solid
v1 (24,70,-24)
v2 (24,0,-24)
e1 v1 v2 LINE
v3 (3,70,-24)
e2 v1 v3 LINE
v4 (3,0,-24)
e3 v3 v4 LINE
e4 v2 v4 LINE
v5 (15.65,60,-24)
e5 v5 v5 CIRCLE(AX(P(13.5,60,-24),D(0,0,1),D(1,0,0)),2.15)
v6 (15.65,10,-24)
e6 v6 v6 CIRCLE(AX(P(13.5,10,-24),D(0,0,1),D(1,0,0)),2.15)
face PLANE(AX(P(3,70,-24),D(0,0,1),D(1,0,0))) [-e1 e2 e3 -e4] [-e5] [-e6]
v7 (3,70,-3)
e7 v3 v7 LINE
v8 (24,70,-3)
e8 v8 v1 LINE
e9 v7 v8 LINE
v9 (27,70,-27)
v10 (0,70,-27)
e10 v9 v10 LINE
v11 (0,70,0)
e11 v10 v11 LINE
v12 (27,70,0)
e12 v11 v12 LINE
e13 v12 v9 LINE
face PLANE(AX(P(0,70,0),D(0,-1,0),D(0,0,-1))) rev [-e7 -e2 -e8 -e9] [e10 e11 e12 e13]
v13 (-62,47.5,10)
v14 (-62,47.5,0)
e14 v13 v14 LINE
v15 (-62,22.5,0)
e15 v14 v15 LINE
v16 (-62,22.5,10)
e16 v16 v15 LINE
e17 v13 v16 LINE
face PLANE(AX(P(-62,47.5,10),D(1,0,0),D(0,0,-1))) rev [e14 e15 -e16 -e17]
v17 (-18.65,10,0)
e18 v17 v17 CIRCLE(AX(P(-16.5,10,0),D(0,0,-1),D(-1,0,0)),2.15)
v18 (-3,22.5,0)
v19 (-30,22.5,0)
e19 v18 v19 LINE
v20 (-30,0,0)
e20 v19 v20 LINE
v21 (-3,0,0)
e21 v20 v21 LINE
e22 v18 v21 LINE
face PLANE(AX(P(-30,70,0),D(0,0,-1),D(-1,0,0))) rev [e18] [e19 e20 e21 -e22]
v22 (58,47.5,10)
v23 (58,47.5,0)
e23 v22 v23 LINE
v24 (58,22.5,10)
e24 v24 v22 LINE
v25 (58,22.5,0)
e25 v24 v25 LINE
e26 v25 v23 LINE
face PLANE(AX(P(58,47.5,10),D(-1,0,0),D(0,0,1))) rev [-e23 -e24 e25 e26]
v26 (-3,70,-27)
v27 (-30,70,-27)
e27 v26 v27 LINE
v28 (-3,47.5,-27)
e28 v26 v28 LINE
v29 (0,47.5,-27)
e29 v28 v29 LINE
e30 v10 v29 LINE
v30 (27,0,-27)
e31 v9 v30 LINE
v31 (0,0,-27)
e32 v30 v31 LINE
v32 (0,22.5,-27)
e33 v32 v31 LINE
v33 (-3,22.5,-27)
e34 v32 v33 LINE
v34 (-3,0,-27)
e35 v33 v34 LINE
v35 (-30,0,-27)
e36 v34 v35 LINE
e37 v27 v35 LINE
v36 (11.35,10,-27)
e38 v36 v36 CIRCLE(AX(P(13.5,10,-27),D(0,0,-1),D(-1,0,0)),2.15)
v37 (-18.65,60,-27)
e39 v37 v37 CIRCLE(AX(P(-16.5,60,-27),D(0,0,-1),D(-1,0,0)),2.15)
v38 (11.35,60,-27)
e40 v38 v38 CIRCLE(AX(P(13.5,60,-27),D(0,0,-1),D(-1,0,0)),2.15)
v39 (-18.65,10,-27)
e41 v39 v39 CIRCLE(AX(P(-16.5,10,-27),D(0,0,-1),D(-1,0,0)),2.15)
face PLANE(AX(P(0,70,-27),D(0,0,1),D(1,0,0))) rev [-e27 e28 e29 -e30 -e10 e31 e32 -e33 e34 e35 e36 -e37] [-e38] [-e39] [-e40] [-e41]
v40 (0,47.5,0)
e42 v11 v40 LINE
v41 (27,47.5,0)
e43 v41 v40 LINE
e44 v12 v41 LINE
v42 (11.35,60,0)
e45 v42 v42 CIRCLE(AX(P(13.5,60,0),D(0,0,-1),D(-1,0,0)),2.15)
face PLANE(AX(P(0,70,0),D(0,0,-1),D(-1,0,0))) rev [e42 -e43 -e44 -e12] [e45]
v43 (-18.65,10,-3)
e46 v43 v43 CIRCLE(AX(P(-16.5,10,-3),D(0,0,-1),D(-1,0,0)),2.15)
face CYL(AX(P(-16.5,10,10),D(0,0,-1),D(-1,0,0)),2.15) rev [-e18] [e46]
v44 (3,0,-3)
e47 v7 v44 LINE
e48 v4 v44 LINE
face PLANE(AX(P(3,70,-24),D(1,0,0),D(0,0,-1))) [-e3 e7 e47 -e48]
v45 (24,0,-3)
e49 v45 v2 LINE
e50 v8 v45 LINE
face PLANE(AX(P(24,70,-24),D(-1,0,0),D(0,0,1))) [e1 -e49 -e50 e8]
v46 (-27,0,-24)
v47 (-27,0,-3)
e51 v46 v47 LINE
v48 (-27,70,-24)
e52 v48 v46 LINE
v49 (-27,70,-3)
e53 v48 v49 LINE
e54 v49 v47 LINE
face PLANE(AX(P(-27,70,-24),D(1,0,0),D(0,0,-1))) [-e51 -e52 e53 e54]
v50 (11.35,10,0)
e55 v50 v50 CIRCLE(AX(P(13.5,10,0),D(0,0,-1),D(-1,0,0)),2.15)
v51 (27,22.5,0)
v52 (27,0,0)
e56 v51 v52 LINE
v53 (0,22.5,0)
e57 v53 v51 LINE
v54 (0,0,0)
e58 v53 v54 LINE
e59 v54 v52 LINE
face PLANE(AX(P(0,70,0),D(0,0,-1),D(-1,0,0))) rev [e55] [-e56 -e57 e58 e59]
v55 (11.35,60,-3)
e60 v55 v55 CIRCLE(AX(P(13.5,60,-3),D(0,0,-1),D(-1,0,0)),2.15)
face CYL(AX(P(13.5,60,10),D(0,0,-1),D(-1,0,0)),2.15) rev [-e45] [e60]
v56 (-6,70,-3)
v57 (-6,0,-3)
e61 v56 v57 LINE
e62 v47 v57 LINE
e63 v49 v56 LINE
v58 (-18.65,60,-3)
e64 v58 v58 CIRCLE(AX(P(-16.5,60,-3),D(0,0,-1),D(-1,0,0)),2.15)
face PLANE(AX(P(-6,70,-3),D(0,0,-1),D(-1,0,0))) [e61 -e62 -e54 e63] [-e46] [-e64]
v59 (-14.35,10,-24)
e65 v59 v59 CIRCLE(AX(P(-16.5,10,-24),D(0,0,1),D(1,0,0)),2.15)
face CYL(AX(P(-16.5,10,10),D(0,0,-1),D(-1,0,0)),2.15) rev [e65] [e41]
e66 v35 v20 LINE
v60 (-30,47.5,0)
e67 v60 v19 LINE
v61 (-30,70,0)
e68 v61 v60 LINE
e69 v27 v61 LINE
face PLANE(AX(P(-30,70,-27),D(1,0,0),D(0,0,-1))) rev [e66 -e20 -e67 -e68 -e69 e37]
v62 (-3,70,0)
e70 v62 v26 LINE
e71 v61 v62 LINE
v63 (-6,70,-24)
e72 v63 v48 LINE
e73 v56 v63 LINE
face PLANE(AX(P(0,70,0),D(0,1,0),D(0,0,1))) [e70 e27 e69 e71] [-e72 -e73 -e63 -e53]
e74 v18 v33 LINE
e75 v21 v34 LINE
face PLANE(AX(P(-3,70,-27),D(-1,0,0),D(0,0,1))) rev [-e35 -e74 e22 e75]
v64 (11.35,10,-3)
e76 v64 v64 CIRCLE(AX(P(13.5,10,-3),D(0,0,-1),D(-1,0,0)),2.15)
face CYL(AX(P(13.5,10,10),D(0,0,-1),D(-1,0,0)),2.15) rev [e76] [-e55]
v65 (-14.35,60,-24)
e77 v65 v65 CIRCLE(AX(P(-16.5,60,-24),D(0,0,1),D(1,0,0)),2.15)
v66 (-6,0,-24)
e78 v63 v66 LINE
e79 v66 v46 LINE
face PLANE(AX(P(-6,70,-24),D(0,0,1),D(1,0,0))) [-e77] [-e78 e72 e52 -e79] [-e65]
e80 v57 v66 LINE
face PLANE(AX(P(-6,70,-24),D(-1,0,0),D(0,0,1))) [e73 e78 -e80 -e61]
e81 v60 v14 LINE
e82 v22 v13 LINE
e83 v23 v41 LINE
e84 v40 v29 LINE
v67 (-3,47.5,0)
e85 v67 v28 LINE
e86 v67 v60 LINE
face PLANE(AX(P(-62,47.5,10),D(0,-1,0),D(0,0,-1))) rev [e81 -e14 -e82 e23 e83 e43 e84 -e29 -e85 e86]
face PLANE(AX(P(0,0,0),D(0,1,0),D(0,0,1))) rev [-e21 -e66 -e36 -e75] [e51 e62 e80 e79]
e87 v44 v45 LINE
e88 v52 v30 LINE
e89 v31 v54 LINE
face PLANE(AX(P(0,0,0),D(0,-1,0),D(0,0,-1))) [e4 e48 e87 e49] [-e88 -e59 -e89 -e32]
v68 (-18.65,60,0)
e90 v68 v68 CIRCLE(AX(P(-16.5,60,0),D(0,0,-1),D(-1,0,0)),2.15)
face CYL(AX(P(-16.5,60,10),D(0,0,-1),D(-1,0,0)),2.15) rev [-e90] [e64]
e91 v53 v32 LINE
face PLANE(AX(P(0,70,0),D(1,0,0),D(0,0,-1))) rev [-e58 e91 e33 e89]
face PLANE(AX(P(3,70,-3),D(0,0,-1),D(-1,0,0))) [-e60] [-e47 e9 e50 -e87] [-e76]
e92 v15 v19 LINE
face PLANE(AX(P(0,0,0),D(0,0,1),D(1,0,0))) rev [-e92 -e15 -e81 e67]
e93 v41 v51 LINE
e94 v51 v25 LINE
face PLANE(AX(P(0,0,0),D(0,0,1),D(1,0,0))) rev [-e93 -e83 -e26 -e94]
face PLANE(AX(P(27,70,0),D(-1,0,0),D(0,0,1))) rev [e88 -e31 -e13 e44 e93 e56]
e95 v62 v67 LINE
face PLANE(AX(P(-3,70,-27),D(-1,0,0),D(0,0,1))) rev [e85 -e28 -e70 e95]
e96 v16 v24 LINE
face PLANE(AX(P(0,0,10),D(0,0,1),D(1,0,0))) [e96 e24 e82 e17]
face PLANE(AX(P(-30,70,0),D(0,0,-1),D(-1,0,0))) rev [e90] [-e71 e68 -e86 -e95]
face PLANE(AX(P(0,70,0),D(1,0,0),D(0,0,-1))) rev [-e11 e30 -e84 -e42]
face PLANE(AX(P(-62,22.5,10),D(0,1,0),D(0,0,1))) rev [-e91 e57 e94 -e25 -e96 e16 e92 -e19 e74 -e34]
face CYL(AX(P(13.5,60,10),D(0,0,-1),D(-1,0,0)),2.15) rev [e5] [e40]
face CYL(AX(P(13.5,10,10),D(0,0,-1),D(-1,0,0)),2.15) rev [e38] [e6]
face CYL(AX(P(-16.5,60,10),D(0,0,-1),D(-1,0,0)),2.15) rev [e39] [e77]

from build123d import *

# Parameters (mm, degrees)
SKETCH1_W             = 27
SKETCH1_H             = 27
SKETCH1_W_2           = 21
SKETCH1_H_2           = 21
BOSS_EXTRUDE1_DEPTH   = 70
BOSS_EXTRUDE1_2_DEPTH = 70
SKETCH2_W             = 120
SKETCH2_H             = 25
BOSS_EXTRUDE2_DEPTH   = 10
SKETCH3_W             = 3
SKETCH3_H             = 25
BOSS_EXTRUDE3_DEPTH   = 27
SKETCH4_R             = 2.15
CUT_EXTRUDE1_DEPTH    = 38


with BuildPart() as part:
    # Sketch1 → Boss-Extrude1 (new body)
    with BuildSketch(Plane(origin=(0, 0, 0), x_dir=(1, 0, 0), z_dir=(0, 1, 0))):
        with Locations((13.5, 13.5)):
            Rectangle(SKETCH1_W, SKETCH1_H)
        with Locations((13.5, 13.5)):
            Rectangle(SKETCH1_W_2, SKETCH1_H_2, mode=Mode.SUBTRACT)
    extrude(amount=BOSS_EXTRUDE1_DEPTH)



with BuildPart() as body_2:
    # Sketch1 → Boss-Extrude1 2 (new body)
    with BuildSketch(Plane(origin=(0, 0, 0), x_dir=(1, 0, 0), z_dir=(0, 1, 0))):
        with Locations((-16.5, 13.5)):
            Rectangle(SKETCH1_W, SKETCH1_H)
        with Locations((-16.5, 13.5)):
            Rectangle(SKETCH1_W_2, SKETCH1_H_2, mode=Mode.SUBTRACT)
    extrude(amount=BOSS_EXTRUDE1_2_DEPTH)


with BuildPart() as part_1:
    add(part.part)

    add(body_2.part)  # Boss-Extrude2 merges body 2
    # Sketch2 → Boss-Extrude2 (add)
    with BuildSketch(Plane.XY):
        with Locations((-2, 35)):
            Rectangle(SKETCH2_W, SKETCH2_H)
    extrude(amount=BOSS_EXTRUDE2_DEPTH)

    # Sketch3 → Boss-Extrude3 (add)
    with BuildSketch(Plane(origin=(0, 0, -27), x_dir=(-1, 0, 0), z_dir=(0, 0, -1))):
        with Locations((1.5, 35)):
            Rectangle(SKETCH3_W, SKETCH3_H)
    extrude(amount=-BOSS_EXTRUDE3_DEPTH)

    # Sketch4 → Cut-Extrude1 (cut, through all)
    with BuildSketch(Plane(origin=(0, 0, -27), x_dir=(-1, 0, 0), z_dir=(0, 0, -1))):
        with Locations((-13.5, 60)):
            Circle(SKETCH4_R)
        with Locations((16.5, 60)):
            Circle(SKETCH4_R)
        with Locations((-13.5, 10)):
            Circle(SKETCH4_R)
        with Locations((16.5, 10)):
            Circle(SKETCH4_R)
    extrude(amount=-CUT_EXTRUDE1_DEPTH, mode=Mode.SUBTRACT)


solid = part_1.part
